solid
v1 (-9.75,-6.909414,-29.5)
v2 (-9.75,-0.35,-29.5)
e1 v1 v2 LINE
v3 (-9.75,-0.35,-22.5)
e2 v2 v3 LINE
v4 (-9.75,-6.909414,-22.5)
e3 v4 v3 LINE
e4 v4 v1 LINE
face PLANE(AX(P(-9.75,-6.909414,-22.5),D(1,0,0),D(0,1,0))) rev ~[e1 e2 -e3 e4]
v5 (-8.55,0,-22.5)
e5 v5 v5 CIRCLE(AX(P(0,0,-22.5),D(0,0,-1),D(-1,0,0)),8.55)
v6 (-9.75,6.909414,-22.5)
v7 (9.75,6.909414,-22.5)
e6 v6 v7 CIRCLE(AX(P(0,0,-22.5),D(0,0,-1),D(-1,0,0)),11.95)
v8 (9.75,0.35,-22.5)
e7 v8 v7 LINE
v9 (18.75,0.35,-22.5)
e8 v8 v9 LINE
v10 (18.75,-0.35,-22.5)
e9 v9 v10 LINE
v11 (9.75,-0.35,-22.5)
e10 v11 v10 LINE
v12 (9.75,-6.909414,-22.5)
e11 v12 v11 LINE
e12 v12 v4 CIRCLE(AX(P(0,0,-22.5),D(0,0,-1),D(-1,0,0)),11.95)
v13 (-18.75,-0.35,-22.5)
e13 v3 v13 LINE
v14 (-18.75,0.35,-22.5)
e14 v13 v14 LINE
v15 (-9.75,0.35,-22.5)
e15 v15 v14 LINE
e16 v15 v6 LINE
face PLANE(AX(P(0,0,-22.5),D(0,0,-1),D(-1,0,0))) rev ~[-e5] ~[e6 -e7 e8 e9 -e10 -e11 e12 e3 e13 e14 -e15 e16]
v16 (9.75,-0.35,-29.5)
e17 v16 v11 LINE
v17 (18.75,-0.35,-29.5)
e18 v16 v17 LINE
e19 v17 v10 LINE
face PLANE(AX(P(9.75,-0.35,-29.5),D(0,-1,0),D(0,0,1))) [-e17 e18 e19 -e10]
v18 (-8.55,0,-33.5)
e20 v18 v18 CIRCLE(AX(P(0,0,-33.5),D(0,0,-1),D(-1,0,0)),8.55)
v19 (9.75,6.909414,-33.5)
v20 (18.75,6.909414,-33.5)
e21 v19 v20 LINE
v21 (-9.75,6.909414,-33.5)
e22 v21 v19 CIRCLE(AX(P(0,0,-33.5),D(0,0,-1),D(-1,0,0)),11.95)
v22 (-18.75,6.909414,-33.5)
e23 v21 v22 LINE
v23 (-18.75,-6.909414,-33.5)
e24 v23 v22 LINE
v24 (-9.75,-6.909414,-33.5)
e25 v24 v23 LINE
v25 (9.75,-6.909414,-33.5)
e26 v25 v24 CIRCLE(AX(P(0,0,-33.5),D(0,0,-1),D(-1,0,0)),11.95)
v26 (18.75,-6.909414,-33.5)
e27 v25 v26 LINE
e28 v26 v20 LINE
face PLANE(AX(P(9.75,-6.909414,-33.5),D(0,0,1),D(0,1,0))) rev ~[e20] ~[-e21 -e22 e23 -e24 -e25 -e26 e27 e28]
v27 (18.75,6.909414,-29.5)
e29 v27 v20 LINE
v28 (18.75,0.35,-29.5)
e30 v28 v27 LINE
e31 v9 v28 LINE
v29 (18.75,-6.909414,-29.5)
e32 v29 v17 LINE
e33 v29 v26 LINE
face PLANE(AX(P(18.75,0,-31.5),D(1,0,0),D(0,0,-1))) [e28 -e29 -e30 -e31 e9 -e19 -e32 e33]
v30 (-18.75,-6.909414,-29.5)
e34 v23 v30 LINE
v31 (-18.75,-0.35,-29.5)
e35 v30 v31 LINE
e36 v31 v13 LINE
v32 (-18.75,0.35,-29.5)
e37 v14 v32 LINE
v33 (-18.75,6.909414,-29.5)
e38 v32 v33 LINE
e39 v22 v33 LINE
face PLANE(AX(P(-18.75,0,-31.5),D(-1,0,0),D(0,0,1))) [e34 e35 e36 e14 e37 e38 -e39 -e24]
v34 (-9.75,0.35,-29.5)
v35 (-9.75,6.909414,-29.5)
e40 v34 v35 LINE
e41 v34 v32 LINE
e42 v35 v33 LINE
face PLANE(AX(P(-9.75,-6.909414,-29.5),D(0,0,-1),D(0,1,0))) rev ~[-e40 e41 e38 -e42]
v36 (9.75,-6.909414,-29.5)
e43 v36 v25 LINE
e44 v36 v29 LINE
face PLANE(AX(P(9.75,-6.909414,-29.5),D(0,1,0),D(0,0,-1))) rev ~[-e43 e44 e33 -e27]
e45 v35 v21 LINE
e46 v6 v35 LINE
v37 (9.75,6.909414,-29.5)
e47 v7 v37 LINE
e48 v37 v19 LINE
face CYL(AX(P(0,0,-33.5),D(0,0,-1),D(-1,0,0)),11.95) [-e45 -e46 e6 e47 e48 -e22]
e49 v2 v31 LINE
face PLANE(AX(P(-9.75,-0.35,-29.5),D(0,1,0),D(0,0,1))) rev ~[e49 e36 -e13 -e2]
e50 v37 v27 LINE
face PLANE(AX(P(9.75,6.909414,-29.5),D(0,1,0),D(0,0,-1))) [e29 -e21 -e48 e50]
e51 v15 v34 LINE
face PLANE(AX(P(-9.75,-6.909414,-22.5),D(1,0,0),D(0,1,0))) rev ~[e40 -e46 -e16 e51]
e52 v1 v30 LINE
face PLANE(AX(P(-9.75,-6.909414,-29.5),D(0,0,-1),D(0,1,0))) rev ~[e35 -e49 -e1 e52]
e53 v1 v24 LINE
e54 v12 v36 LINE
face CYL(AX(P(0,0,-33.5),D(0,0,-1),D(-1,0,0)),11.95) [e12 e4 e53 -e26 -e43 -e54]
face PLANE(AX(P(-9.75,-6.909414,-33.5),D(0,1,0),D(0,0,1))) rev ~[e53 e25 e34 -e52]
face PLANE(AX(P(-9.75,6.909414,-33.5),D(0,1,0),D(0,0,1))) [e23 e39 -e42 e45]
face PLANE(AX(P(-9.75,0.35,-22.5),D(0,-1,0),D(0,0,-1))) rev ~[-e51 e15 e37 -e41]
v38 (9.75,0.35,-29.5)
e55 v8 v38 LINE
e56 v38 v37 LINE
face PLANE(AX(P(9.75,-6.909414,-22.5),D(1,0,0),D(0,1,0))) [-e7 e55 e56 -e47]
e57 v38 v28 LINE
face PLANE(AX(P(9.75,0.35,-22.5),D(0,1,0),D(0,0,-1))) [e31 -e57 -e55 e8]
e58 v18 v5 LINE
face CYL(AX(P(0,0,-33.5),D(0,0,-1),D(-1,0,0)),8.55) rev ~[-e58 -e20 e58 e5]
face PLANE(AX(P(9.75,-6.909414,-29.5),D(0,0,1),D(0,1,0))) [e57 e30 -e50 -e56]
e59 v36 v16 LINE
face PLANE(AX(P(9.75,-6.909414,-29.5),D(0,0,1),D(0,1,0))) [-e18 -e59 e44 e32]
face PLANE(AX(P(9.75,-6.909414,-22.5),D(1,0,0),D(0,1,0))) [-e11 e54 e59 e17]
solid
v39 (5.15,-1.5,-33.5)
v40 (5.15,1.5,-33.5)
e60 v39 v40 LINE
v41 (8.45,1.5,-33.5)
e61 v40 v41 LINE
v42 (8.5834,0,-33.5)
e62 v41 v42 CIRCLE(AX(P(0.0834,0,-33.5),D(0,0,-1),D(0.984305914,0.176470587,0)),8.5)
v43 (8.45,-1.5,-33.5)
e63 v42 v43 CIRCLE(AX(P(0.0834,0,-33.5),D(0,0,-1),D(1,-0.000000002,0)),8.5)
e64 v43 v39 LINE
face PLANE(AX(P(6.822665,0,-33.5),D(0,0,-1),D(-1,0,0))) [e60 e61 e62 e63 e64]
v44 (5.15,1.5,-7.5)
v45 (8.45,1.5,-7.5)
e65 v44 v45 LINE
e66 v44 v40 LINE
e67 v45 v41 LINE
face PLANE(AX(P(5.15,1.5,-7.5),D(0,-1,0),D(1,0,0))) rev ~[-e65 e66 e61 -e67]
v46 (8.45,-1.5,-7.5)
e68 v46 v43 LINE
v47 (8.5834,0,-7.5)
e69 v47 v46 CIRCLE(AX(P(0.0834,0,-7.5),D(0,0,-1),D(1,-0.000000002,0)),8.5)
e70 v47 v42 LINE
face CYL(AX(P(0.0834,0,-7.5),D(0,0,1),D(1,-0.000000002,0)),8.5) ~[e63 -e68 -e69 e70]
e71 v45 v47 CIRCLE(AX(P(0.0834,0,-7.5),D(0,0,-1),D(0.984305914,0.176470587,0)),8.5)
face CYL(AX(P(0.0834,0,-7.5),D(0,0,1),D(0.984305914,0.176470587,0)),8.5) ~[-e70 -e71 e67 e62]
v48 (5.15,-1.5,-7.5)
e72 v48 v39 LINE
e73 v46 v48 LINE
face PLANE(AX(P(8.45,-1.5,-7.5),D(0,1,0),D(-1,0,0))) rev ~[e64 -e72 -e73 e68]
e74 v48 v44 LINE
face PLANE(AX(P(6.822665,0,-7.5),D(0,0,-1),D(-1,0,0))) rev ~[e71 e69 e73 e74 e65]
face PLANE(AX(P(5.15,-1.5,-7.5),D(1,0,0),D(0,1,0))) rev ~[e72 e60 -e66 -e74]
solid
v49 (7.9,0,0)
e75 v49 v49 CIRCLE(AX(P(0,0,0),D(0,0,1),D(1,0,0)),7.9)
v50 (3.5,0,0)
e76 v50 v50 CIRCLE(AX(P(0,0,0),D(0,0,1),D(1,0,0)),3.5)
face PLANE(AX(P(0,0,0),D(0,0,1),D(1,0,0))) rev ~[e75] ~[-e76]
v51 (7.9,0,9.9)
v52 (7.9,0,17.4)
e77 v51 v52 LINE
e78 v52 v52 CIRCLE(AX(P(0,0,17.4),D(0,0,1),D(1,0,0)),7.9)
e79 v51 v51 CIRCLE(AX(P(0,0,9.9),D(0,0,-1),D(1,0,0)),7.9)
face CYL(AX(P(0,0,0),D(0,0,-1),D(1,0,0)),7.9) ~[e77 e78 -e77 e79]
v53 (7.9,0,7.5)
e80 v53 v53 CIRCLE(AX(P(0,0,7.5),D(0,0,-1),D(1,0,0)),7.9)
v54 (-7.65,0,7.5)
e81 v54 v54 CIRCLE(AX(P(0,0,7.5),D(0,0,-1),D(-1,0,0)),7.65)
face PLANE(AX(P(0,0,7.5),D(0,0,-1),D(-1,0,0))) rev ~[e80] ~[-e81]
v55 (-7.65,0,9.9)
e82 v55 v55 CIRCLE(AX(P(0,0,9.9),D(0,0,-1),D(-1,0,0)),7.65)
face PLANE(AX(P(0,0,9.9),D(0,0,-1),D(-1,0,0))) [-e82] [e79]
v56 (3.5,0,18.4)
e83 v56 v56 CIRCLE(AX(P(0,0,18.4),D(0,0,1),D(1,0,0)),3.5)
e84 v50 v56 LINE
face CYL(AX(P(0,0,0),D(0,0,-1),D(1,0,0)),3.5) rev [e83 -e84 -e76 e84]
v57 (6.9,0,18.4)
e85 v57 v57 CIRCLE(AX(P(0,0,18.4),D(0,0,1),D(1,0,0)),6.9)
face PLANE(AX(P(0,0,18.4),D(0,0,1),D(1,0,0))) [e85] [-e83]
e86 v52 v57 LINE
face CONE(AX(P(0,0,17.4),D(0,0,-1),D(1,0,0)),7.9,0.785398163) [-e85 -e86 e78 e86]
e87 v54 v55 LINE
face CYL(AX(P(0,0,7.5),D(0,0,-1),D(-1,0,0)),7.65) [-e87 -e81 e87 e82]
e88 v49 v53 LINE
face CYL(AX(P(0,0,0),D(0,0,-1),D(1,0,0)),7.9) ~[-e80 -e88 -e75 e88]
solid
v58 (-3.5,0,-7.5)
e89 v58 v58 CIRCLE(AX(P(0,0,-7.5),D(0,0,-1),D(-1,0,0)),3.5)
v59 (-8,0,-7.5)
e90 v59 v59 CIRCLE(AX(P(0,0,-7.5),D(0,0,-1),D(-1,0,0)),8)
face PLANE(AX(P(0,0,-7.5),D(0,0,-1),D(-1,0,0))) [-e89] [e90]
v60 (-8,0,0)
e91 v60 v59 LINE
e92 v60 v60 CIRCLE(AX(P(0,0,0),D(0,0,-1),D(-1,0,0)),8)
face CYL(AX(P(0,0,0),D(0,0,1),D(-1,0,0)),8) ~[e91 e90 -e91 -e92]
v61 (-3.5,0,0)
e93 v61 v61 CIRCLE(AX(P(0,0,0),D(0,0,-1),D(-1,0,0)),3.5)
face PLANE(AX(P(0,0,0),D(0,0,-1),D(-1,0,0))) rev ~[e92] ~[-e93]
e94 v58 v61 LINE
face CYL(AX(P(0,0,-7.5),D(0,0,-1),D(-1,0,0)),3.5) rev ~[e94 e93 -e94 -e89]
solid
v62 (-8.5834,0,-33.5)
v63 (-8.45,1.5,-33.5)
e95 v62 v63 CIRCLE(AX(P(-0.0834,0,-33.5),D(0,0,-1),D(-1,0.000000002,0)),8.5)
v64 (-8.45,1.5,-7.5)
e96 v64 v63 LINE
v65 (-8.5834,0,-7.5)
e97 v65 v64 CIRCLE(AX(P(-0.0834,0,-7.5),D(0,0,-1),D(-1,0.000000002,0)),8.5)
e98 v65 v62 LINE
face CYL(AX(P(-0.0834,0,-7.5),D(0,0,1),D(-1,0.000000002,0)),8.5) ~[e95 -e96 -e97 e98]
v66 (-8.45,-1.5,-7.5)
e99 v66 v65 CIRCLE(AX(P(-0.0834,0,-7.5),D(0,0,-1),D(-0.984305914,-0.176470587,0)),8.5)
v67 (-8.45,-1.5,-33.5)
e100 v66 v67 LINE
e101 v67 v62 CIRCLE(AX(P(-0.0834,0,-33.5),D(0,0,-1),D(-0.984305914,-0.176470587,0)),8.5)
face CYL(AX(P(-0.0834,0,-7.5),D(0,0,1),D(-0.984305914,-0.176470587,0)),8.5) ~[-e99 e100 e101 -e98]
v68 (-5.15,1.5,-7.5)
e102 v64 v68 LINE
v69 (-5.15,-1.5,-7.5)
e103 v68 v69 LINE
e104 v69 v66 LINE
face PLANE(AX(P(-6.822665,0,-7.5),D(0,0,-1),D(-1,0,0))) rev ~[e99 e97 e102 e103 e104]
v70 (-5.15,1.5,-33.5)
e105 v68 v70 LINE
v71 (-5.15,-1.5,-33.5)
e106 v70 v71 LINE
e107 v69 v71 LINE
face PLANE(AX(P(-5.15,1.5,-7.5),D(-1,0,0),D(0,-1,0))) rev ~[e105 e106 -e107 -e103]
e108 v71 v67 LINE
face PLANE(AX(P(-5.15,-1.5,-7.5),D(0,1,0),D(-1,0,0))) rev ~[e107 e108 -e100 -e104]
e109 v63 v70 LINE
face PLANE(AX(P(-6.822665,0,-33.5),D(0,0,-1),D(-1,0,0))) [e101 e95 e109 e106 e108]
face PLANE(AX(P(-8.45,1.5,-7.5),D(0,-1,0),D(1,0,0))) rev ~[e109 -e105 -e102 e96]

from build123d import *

# Parameters (mm, degrees)
SKETCH1_R             = 7.9
SKETCH1_R_2           = 3.5
BOSS_EXTRUDE1_DEPTH   = 18.4
CHAMFER1_SIZE         = 1
CUT_EXTRUDE6_START    = 2.4
SKETCH19_R            = 7.9
SKETCH19_R_2          = 7.65
CUT_EXTRUDE6_DEPTH    = 2.4
SKETCH24_R            = 8
BOSS_EXTRUDE5_DEPTH   = 7.5
BOSS_EXTRUDE6_DEPTH   = 26
BOSS_EXTRUDE6_2_DEPTH = 26
SKETCH26_R            = 11.95
SKETCH26_R_2          = 8.55
BOSS_EXTRUDE7_DEPTH   = 11
CUT_EXTRUDE9_DEPTH    = 45.253982872
SKETCH28_R            = 3.5
CUT_EXTRUDE10_DEPTH   = 31.230200132
SKETCH29_W            = 4
SKETCH29_H            = 13.818827736
BOSS_EXTRUDE8_DEPTH   = 9
SKETCH30_W            = 4
SKETCH30_H            = 13.818827736
BOSS_EXTRUDE9_DEPTH   = 9
BOSS_EXTRUDE10_DEPTH  = 9
BOSS_EXTRUDE11_DEPTH  = 9


with BuildPart() as part:
    # Sketch1 → Boss-Extrude1 (new body)
    with BuildSketch(Plane.XY):
        Circle(SKETCH1_R)
        Circle(SKETCH1_R_2, mode=Mode.SUBTRACT)
    extrude(amount=BOSS_EXTRUDE1_DEPTH)

    # Chamfer1
    chamfer1_edges = [part.edges().sort_by_distance(p)[0] for p in [
        (-7.9, 0, 18.4),
    ]]
    chamfer(chamfer1_edges, length=CHAMFER1_SIZE)

    # Sketch19 → Cut-Extrude6 (cut)
    with BuildSketch(Plane(origin=(0, 0, 9.9), x_dir=(-1, 0, 0), z_dir=(0, 0, -1)).offset(CUT_EXTRUDE6_START)):
        Circle(SKETCH19_R)
        Circle(SKETCH19_R_2, mode=Mode.SUBTRACT)
    extrude(amount=-CUT_EXTRUDE6_DEPTH, mode=Mode.SUBTRACT)


with BuildPart() as body_2:
    # Sketch24 → Boss-Extrude5 (new body)
    with BuildSketch(Plane(origin=(0, 0, 0), x_dir=(-1, 0, 0), z_dir=(0, 0, -1))):
        Circle(SKETCH24_R)
    extrude(amount=BOSS_EXTRUDE5_DEPTH)

    # Sketch28 → Cut-Extrude10 (cut, through all)
    with BuildSketch(Plane(origin=(0, 0, -7.5), x_dir=(-1, 0, 0), z_dir=(0, 0, -1))):
        Circle(SKETCH28_R)
    extrude(amount=-CUT_EXTRUDE10_DEPTH, mode=Mode.SUBTRACT)


with BuildPart() as body_3:
    # Sketch25 → Boss-Extrude6 (new body)
    with BuildSketch(Plane(origin=(0, 0, -7.5), x_dir=(-1, 0, 0), z_dir=(0, 0, -1))):
        with BuildLine():
            Line((-5.15, 1.5), (-8.45, 1.5))
            ThreePointArc((-8.45, 1.5), (-8.549984118, 0.752960074), (-8.583399735, 0))
            ThreePointArc((-8.583399735, 0), (-8.549984118, -0.752960074), (-8.45, -1.5))
            Line((-8.45, -1.5), (-5.15, -1.5))
            Line((-5.15, -1.5), (-5.15, 0))
            Line((-5.15, 0), (-5.15, 1.5))
        make_face()
    extrude(amount=BOSS_EXTRUDE6_DEPTH)


with BuildPart() as body_4:
    # Sketch25 → Boss-Extrude6 2 (new body)
    with BuildSketch(Plane(origin=(0, 0, -7.5), x_dir=(-1, 0, 0), z_dir=(0, 0, -1))):
        with BuildLine():
            Line((5.15, 1.5), (5.15, 0))
            Line((5.15, 0), (5.15, -1.5))
            Line((5.15, -1.5), (8.45, -1.5))
            ThreePointArc((8.45, -1.5), (8.549984118, -0.752960074), (8.583399735, 0))
            ThreePointArc((8.583399735, 0), (8.549984118, 0.752960074), (8.45, 1.5))
            Line((8.45, 1.5), (5.15, 1.5))
        make_face()
    extrude(amount=BOSS_EXTRUDE6_2_DEPTH)


with BuildPart() as body_5:
    # Sketch26 → Boss-Extrude7 (new body)
    with BuildSketch(Plane(origin=(0, 0, -33.5), x_dir=(-1, 0, 0), z_dir=(0, 0, -1))):
        Circle(SKETCH26_R)
        Circle(SKETCH26_R_2, mode=Mode.SUBTRACT)
    extrude(amount=-BOSS_EXTRUDE7_DEPTH)

    # Sketch27 → Cut-Extrude9 (cut, through all)
    with BuildSketch(Plane.XY.offset(-22.5)):
        with BuildLine():
            Line((-9.75, 0), (-9.75, 6.909413868))
            ThreePointArc((-9.75, 6.909413868), (-11.95, 0), (-9.75, -6.909413868))
            Line((-9.75, -6.909413868), (-9.75, 0))
        make_face()
        with BuildLine():
            Line((9.75, 0), (9.75, 6.909413868))
            ThreePointArc((9.75, 6.909413868), (11.95, 0), (9.75, -6.909413868))
            Line((9.75, -6.909413868), (9.75, 0))
        make_face()
    extrude(amount=-CUT_EXTRUDE9_DEPTH, mode=Mode.SUBTRACT)

    # Sketch29 → Boss-Extrude8 (add)
    with BuildSketch(Plane.ZY.offset(9.75)):
        with Locations((-31.5, 0)):
            Rectangle(SKETCH29_W, SKETCH29_H)
    extrude(amount=BOSS_EXTRUDE8_DEPTH)

    # Sketch30 → Boss-Extrude9 (add)
    with BuildSketch(Plane(origin=(9.75, 0, 0), x_dir=(0, 0, -1), z_dir=(1, 0, 0))):
        with Locations((31.5, 0)):
            Rectangle(SKETCH30_W, SKETCH30_H)
    extrude(amount=BOSS_EXTRUDE9_DEPTH)

    # Sketch31 → Boss-Extrude10 (add)
    with BuildSketch(Plane(origin=(9.75, 0, 0), x_dir=(0, 0, -1), z_dir=(1, 0, 0))):
        Polygon((22.5, 0), (22.5, 0.35), (29.5, 0.35), (29.5, -0.35), (22.5, -0.35), align=None)
    extrude(amount=BOSS_EXTRUDE10_DEPTH)

    # Sketch32 → Boss-Extrude11 (add)
    with BuildSketch(Plane.ZY.offset(9.75)):
        Polygon((-22.5, 0), (-22.5, 0.35), (-29.5, 0.35), (-29.5, -0.35), (-22.5, -0.35), align=None)
    extrude(amount=BOSS_EXTRUDE11_DEPTH)


solid = Compound([part.part, body_2.part, body_3.part, body_4.part, body_5.part])
